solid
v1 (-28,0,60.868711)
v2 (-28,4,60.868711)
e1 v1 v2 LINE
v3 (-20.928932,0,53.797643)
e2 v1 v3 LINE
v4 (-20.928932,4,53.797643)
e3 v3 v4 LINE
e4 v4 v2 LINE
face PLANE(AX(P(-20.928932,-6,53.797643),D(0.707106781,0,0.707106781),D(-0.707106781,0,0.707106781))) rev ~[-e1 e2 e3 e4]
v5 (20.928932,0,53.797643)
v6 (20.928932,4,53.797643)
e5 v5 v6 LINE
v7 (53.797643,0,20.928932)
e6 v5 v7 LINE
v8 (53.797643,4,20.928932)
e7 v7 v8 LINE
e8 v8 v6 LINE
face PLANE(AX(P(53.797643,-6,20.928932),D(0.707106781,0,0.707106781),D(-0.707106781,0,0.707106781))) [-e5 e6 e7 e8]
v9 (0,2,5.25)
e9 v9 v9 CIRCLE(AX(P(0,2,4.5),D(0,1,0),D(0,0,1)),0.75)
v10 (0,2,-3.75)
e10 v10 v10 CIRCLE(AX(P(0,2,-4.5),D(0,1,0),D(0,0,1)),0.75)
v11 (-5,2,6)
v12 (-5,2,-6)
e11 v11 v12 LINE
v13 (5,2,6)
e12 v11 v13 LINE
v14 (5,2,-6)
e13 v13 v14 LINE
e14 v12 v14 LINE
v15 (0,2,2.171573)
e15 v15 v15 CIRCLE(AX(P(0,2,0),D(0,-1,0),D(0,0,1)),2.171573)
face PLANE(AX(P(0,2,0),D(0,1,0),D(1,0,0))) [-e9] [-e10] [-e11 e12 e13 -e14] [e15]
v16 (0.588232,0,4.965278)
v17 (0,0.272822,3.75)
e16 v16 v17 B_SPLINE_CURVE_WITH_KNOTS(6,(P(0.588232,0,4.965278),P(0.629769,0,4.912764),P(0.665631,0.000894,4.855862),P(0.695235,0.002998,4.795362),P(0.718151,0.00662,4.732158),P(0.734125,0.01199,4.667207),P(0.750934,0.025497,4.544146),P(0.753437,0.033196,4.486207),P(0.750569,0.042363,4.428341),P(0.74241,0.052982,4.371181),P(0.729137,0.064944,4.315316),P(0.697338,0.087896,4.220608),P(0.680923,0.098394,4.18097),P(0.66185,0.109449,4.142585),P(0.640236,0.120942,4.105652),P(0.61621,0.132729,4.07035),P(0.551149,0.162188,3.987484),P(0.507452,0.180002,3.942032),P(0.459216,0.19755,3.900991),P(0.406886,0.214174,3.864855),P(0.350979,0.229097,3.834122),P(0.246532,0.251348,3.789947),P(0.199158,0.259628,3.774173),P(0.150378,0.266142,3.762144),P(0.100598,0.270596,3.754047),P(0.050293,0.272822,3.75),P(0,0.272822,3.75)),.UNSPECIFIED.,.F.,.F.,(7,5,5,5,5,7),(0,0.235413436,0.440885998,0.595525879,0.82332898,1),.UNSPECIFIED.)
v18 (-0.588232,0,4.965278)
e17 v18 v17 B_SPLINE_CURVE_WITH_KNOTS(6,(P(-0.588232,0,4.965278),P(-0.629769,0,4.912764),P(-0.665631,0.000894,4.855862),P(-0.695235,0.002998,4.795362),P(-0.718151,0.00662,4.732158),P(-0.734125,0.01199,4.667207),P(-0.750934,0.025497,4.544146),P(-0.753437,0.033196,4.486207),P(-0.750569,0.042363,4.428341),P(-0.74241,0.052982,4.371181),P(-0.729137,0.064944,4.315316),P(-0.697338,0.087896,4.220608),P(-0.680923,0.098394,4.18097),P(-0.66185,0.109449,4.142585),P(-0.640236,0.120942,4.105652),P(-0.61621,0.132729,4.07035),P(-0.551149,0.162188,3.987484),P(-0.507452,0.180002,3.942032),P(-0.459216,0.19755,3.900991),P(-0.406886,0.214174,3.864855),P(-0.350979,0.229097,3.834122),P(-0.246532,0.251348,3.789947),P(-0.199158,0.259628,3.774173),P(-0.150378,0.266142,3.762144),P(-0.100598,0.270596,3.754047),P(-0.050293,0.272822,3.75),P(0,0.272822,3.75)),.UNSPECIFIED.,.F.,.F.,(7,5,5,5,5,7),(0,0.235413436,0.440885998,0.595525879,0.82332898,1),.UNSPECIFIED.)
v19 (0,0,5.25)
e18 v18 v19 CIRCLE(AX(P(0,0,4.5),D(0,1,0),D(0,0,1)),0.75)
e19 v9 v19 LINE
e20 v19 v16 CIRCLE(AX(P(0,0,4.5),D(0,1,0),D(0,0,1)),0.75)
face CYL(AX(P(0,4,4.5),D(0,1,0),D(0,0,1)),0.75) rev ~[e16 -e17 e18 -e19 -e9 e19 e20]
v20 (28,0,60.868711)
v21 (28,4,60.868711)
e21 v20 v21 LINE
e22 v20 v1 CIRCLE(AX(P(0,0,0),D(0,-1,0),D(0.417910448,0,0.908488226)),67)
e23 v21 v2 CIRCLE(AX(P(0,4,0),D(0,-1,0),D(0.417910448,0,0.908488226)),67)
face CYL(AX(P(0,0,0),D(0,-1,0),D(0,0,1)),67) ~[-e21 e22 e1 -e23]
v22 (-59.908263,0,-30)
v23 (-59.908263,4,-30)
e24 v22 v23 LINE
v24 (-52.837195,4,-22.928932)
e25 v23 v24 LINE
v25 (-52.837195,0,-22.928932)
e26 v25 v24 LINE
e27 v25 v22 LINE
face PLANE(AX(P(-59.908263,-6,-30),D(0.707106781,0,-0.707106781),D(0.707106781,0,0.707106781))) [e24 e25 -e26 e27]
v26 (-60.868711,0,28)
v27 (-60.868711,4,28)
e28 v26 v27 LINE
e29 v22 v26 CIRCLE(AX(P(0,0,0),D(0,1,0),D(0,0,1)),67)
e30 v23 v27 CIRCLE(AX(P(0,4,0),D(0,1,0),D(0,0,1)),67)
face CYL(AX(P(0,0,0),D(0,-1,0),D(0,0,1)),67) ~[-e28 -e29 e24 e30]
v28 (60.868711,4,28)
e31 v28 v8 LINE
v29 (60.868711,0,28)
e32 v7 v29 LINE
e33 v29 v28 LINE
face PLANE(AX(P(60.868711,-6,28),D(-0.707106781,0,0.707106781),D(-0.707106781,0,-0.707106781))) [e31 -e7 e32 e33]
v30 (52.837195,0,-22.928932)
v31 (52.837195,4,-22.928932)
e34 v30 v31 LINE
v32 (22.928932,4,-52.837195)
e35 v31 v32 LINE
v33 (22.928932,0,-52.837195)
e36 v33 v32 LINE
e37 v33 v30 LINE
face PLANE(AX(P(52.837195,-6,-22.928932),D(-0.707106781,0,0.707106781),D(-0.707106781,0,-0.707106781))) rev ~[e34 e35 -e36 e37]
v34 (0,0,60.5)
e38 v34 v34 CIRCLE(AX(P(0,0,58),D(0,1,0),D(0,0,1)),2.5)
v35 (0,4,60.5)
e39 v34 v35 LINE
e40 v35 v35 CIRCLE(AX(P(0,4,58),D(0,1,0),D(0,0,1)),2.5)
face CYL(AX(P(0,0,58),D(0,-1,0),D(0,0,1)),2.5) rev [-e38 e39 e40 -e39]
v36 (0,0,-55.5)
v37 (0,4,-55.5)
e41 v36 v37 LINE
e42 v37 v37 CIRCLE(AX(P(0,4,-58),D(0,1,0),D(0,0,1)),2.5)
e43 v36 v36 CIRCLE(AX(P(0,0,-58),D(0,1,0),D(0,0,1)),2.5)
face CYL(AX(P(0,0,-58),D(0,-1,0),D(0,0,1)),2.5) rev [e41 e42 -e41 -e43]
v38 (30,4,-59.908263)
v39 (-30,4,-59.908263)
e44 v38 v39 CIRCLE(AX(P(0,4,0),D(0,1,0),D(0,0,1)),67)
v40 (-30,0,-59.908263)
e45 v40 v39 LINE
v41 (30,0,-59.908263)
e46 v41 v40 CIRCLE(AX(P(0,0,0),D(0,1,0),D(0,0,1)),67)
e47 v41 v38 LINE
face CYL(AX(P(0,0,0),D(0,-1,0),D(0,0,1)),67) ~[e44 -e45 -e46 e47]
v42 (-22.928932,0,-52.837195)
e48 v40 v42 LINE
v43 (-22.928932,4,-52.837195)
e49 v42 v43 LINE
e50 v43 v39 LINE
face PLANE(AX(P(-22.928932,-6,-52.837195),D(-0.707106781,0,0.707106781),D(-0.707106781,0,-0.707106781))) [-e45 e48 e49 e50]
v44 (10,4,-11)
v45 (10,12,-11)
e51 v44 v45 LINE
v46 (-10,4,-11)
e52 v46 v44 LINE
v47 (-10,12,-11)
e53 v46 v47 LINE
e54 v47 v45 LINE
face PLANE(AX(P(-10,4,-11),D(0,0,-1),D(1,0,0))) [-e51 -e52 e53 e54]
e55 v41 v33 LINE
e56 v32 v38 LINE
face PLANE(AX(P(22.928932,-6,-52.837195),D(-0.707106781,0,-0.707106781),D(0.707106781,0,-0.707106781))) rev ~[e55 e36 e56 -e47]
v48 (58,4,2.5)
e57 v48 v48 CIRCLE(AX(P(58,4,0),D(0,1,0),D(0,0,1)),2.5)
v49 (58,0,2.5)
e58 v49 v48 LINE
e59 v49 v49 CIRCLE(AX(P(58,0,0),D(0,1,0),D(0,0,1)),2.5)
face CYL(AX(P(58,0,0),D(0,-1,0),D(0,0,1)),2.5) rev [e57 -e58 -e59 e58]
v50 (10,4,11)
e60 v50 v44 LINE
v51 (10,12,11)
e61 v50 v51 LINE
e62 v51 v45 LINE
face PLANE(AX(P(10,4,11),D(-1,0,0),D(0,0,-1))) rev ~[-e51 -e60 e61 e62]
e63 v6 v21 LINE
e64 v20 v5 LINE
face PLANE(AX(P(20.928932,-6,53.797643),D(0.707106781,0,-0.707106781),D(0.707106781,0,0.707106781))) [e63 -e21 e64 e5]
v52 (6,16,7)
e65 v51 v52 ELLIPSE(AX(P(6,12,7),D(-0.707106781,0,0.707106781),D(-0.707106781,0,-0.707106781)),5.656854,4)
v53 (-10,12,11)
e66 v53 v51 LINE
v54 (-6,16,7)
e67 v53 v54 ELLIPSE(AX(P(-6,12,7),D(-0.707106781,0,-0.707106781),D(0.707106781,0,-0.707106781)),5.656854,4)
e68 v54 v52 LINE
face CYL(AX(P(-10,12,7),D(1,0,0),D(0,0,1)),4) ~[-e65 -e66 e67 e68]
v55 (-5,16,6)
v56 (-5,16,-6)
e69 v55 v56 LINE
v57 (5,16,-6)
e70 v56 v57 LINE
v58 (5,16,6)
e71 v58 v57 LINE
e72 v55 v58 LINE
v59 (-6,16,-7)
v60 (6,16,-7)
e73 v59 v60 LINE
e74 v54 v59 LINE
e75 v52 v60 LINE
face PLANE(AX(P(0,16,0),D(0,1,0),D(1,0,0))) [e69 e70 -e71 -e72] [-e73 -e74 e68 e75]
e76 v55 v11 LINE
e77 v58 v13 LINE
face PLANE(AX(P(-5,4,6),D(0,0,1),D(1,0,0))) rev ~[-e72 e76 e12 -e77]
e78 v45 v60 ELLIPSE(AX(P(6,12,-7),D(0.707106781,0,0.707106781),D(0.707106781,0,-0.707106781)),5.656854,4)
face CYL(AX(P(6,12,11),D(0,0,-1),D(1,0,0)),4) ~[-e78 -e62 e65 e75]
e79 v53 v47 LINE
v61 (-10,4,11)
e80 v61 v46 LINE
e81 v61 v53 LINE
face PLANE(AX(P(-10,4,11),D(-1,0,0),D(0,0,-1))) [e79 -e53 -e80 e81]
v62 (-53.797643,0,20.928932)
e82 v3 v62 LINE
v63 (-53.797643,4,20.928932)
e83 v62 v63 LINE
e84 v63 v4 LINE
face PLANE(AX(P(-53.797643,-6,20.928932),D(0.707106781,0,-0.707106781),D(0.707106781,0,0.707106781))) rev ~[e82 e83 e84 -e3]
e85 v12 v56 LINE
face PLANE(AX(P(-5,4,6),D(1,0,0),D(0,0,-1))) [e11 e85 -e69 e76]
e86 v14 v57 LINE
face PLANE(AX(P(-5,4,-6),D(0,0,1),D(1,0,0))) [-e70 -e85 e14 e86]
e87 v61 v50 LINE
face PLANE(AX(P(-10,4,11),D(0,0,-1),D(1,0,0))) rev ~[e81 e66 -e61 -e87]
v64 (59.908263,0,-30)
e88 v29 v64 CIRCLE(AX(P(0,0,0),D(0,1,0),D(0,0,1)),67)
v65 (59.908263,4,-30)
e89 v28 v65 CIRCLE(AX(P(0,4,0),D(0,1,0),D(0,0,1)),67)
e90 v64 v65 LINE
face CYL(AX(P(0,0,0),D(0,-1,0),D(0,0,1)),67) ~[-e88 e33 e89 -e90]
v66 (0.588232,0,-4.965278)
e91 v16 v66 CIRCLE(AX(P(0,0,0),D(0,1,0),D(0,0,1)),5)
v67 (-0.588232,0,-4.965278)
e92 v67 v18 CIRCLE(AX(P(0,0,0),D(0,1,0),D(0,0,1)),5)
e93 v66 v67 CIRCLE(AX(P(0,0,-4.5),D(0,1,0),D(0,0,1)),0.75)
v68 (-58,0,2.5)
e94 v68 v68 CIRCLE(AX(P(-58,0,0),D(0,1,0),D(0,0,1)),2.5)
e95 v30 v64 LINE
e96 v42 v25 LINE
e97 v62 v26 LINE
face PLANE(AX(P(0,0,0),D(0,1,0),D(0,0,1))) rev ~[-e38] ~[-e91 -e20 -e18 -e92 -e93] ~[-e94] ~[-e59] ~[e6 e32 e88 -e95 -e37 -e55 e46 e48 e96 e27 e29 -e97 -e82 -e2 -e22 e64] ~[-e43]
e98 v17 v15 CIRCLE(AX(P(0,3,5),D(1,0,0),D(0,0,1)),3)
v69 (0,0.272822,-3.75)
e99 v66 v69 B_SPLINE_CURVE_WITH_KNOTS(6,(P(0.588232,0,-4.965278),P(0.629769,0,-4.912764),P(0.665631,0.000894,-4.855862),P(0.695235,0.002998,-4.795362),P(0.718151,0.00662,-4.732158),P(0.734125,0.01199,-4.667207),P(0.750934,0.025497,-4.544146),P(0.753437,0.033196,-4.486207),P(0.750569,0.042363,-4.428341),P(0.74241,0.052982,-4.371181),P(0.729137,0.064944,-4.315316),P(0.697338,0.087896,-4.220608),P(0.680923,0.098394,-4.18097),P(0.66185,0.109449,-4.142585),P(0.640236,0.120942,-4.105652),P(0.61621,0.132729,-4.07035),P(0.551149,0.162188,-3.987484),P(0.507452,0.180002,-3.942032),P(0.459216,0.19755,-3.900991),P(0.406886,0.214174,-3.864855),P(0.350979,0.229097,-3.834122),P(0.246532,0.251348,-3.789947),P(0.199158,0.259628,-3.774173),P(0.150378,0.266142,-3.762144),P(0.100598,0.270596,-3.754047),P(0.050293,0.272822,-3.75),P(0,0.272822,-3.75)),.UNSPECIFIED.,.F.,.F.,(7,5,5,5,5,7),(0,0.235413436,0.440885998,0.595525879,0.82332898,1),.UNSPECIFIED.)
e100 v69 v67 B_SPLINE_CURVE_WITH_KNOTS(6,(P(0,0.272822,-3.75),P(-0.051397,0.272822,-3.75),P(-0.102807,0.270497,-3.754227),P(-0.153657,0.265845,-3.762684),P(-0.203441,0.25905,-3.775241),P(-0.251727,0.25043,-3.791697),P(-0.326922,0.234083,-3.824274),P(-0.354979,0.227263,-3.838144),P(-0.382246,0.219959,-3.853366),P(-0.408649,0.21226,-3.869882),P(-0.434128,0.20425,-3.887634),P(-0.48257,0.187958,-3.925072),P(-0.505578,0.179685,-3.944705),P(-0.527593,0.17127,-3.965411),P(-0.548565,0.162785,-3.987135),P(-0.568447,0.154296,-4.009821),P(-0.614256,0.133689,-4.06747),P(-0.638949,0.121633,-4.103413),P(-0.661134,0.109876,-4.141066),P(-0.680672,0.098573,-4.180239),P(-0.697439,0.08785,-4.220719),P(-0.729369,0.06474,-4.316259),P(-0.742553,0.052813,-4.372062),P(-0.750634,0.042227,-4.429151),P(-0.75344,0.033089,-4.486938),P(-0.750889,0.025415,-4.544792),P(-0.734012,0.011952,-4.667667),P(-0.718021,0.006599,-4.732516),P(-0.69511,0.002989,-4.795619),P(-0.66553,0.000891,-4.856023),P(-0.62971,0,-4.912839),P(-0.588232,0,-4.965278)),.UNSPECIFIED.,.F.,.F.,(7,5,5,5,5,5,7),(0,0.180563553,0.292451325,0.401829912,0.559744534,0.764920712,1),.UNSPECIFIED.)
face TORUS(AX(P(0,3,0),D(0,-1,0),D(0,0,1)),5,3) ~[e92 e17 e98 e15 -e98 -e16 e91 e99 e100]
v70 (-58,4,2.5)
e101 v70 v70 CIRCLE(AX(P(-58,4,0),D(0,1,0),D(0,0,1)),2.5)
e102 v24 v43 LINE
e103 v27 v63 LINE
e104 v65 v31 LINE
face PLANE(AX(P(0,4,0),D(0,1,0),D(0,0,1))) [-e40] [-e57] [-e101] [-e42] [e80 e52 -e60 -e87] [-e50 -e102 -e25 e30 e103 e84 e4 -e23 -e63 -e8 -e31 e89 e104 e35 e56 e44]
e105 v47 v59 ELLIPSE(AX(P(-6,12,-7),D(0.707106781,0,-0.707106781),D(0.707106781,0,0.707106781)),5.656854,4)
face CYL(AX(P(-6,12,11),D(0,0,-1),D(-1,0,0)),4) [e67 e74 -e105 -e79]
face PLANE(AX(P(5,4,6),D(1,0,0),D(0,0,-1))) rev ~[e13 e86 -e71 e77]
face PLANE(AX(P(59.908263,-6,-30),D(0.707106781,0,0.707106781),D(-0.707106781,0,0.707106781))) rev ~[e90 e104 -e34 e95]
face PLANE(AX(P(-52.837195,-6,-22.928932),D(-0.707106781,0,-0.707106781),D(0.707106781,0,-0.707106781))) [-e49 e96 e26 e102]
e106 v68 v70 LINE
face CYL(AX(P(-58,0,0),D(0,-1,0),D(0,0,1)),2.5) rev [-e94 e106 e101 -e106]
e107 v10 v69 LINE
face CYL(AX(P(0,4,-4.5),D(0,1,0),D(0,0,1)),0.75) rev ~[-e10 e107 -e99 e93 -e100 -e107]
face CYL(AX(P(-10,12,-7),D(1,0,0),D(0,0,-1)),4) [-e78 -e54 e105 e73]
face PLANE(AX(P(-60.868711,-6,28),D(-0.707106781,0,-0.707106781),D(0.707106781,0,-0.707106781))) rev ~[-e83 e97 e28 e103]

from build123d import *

# Parameters (mm, degrees)
SKETCH1_R           = 67
SKETCH1_R_2         = 2.5
BOSS_EXTRUDE1_DEPTH = 4
SKETCH2_R           = 2
CUT_EXTRUDE1_DEPTH  = 4
SKETCH4_W           = 20
SKETCH4_H           = 22
SKETCH4_W_2         = 10
SKETCH4_H_2         = 12
BOSS_EXTRUDE2_DEPTH = 12
FILLET1_R           = 4
FILLET2_R           = 3
CUT_EXTRUDE2_START  = -10
CUT_EXTRUDE2_DEPTH  = 10
SKETCH7_R           = 0.75
CUT_EXTRUDE3_DEPTH  = 10
SKETCH8_W           = 10
SKETCH8_H           = 12
CUT_EXTRUDE4_DEPTH  = 2


with BuildPart() as part:
    # Sketch1 → Boss-Extrude1 (new body)
    with BuildSketch(Plane(origin=(0, 0, 0), x_dir=(1, 0, 0), z_dir=(0, 1, 0))):
        with Locations(Location((0, 0, 0), (0, 0, 270))):
            Circle(SKETCH1_R)
        with Locations(Location((-58, 0, 0), (0, 0, 270))):
            Circle(SKETCH1_R_2, mode=Mode.SUBTRACT)
        with Locations(Location((0, -58, 0), (0, 0, 270))):
            Circle(SKETCH1_R_2, mode=Mode.SUBTRACT)
        with Locations(Location((58, 0, 0), (0, 0, 270))):
            Circle(SKETCH1_R_2, mode=Mode.SUBTRACT)
        with Locations(Location((0, 58, 0), (0, 0, 270))):
            Circle(SKETCH1_R_2, mode=Mode.SUBTRACT)
    extrude(amount=BOSS_EXTRUDE1_DEPTH)

    # Sketch2 → Cut-Extrude1 (cut)
    with BuildSketch(Plane(origin=(0, 4, 0), x_dir=(1, 0, 0), z_dir=(0, 1, 0))):
        with Locations(Location((0, 0, 0), (0, 0, 270))):
            Circle(SKETCH2_R)
    extrude(amount=-CUT_EXTRUDE1_DEPTH, mode=Mode.SUBTRACT)

    # Sketch4 → Boss-Extrude2 (add)
    with BuildSketch(Plane(origin=(0, 4, 0), x_dir=(1, 0, 0), z_dir=(0, 1, 0))):
        Rectangle(SKETCH4_W, SKETCH4_H)
        Rectangle(SKETCH4_W_2, SKETCH4_H_2, mode=Mode.SUBTRACT)
    extrude(amount=BOSS_EXTRUDE2_DEPTH)

    # Fillet1
    fillet1_edges = [part.edges().sort_by_distance(p)[0] for p in [
        (10, 16, 0),
        (0, 16, -11),
        (-10, 16, 0),
        (0, 16, 11),
    ]]
    fillet(fillet1_edges, radius=FILLET1_R)

    # Fillet2
    fillet2_edges = [part.edges().sort_by_distance(p)[0] for p in [
        (0, 0, -2),
    ]]
    fillet(fillet2_edges, radius=FILLET2_R)

    # Sketch5 → Cut-Extrude2 (cut)
    with BuildSketch(Plane(origin=(0, 4, 0), x_dir=(1, 0, 0), z_dir=(0, 1, 0)).offset(CUT_EXTRUDE2_START)):
        with BuildLine():
            Line((59.908263203, 30), (52.837195391, 22.928932188))
            Line((52.837195391, 22.928932188), (22.928932188, 52.837195391))
            Line((22.928932188, 52.837195391), (30, 59.908263203))
            ThreePointArc((30, 59.908263203), (47.376154339, 47.376154339), (59.908263203, 30))
        make_face()
        with BuildLine():
            Line((-59.908263203, 30), (-52.837195391, 22.928932188))
            Line((-52.837195391, 22.928932188), (-22.928932188, 52.837195391))
            Line((-22.928932188, 52.837195391), (-30, 59.908263203))
            ThreePointArc((-30, 59.908263203), (-47.376154339, 47.376154339), (-59.908263203, 30))
        make_face()
        with BuildLine():
            Line((-53.797643362, -20.928932188), (-20.928932188, -53.797643362))
            Line((-20.928932188, -53.797643362), (-28, -60.868711174))
            ThreePointArc((-28, -60.868711174), (-47.376154339, -47.376154339), (-60.868711174, -28))
            Line((-60.868711174, -28), (-53.797643362, -20.928932188))
        make_face()
        with BuildLine():
            Line((53.797643362, -20.928932188), (20.928932188, -53.797643362))
            Line((20.928932188, -53.797643362), (28, -60.868711174))
            ThreePointArc((28, -60.868711174), (47.376154339, -47.376154339), (60.868711174, -28))
            Line((60.868711174, -28), (53.797643362, -20.928932188))
        make_face()
    extrude(amount=CUT_EXTRUDE2_DEPTH, mode=Mode.SUBTRACT)

    # Sketch7 → Cut-Extrude3 (cut)
    with BuildSketch(Plane(origin=(0, 4, 0), x_dir=(1, 0, 0), z_dir=(0, 1, 0))):
        with Locations(Location((0, 4.5, 0), (0, 0, 270))):
            Circle(SKETCH7_R)
        with Locations(Location((0, -4.5, 0), (0, 0, 270))):
            Circle(SKETCH7_R)
    extrude(amount=-CUT_EXTRUDE3_DEPTH, mode=Mode.SUBTRACT)

    # Sketch8 → Cut-Extrude4 (cut)
    with BuildSketch(Plane(origin=(0, 4, 0), x_dir=(1, 0, 0), z_dir=(0, 1, 0))):
        Rectangle(SKETCH8_W, SKETCH8_H)
    extrude(amount=-CUT_EXTRUDE4_DEPTH, mode=Mode.SUBTRACT)


solid = part.part
